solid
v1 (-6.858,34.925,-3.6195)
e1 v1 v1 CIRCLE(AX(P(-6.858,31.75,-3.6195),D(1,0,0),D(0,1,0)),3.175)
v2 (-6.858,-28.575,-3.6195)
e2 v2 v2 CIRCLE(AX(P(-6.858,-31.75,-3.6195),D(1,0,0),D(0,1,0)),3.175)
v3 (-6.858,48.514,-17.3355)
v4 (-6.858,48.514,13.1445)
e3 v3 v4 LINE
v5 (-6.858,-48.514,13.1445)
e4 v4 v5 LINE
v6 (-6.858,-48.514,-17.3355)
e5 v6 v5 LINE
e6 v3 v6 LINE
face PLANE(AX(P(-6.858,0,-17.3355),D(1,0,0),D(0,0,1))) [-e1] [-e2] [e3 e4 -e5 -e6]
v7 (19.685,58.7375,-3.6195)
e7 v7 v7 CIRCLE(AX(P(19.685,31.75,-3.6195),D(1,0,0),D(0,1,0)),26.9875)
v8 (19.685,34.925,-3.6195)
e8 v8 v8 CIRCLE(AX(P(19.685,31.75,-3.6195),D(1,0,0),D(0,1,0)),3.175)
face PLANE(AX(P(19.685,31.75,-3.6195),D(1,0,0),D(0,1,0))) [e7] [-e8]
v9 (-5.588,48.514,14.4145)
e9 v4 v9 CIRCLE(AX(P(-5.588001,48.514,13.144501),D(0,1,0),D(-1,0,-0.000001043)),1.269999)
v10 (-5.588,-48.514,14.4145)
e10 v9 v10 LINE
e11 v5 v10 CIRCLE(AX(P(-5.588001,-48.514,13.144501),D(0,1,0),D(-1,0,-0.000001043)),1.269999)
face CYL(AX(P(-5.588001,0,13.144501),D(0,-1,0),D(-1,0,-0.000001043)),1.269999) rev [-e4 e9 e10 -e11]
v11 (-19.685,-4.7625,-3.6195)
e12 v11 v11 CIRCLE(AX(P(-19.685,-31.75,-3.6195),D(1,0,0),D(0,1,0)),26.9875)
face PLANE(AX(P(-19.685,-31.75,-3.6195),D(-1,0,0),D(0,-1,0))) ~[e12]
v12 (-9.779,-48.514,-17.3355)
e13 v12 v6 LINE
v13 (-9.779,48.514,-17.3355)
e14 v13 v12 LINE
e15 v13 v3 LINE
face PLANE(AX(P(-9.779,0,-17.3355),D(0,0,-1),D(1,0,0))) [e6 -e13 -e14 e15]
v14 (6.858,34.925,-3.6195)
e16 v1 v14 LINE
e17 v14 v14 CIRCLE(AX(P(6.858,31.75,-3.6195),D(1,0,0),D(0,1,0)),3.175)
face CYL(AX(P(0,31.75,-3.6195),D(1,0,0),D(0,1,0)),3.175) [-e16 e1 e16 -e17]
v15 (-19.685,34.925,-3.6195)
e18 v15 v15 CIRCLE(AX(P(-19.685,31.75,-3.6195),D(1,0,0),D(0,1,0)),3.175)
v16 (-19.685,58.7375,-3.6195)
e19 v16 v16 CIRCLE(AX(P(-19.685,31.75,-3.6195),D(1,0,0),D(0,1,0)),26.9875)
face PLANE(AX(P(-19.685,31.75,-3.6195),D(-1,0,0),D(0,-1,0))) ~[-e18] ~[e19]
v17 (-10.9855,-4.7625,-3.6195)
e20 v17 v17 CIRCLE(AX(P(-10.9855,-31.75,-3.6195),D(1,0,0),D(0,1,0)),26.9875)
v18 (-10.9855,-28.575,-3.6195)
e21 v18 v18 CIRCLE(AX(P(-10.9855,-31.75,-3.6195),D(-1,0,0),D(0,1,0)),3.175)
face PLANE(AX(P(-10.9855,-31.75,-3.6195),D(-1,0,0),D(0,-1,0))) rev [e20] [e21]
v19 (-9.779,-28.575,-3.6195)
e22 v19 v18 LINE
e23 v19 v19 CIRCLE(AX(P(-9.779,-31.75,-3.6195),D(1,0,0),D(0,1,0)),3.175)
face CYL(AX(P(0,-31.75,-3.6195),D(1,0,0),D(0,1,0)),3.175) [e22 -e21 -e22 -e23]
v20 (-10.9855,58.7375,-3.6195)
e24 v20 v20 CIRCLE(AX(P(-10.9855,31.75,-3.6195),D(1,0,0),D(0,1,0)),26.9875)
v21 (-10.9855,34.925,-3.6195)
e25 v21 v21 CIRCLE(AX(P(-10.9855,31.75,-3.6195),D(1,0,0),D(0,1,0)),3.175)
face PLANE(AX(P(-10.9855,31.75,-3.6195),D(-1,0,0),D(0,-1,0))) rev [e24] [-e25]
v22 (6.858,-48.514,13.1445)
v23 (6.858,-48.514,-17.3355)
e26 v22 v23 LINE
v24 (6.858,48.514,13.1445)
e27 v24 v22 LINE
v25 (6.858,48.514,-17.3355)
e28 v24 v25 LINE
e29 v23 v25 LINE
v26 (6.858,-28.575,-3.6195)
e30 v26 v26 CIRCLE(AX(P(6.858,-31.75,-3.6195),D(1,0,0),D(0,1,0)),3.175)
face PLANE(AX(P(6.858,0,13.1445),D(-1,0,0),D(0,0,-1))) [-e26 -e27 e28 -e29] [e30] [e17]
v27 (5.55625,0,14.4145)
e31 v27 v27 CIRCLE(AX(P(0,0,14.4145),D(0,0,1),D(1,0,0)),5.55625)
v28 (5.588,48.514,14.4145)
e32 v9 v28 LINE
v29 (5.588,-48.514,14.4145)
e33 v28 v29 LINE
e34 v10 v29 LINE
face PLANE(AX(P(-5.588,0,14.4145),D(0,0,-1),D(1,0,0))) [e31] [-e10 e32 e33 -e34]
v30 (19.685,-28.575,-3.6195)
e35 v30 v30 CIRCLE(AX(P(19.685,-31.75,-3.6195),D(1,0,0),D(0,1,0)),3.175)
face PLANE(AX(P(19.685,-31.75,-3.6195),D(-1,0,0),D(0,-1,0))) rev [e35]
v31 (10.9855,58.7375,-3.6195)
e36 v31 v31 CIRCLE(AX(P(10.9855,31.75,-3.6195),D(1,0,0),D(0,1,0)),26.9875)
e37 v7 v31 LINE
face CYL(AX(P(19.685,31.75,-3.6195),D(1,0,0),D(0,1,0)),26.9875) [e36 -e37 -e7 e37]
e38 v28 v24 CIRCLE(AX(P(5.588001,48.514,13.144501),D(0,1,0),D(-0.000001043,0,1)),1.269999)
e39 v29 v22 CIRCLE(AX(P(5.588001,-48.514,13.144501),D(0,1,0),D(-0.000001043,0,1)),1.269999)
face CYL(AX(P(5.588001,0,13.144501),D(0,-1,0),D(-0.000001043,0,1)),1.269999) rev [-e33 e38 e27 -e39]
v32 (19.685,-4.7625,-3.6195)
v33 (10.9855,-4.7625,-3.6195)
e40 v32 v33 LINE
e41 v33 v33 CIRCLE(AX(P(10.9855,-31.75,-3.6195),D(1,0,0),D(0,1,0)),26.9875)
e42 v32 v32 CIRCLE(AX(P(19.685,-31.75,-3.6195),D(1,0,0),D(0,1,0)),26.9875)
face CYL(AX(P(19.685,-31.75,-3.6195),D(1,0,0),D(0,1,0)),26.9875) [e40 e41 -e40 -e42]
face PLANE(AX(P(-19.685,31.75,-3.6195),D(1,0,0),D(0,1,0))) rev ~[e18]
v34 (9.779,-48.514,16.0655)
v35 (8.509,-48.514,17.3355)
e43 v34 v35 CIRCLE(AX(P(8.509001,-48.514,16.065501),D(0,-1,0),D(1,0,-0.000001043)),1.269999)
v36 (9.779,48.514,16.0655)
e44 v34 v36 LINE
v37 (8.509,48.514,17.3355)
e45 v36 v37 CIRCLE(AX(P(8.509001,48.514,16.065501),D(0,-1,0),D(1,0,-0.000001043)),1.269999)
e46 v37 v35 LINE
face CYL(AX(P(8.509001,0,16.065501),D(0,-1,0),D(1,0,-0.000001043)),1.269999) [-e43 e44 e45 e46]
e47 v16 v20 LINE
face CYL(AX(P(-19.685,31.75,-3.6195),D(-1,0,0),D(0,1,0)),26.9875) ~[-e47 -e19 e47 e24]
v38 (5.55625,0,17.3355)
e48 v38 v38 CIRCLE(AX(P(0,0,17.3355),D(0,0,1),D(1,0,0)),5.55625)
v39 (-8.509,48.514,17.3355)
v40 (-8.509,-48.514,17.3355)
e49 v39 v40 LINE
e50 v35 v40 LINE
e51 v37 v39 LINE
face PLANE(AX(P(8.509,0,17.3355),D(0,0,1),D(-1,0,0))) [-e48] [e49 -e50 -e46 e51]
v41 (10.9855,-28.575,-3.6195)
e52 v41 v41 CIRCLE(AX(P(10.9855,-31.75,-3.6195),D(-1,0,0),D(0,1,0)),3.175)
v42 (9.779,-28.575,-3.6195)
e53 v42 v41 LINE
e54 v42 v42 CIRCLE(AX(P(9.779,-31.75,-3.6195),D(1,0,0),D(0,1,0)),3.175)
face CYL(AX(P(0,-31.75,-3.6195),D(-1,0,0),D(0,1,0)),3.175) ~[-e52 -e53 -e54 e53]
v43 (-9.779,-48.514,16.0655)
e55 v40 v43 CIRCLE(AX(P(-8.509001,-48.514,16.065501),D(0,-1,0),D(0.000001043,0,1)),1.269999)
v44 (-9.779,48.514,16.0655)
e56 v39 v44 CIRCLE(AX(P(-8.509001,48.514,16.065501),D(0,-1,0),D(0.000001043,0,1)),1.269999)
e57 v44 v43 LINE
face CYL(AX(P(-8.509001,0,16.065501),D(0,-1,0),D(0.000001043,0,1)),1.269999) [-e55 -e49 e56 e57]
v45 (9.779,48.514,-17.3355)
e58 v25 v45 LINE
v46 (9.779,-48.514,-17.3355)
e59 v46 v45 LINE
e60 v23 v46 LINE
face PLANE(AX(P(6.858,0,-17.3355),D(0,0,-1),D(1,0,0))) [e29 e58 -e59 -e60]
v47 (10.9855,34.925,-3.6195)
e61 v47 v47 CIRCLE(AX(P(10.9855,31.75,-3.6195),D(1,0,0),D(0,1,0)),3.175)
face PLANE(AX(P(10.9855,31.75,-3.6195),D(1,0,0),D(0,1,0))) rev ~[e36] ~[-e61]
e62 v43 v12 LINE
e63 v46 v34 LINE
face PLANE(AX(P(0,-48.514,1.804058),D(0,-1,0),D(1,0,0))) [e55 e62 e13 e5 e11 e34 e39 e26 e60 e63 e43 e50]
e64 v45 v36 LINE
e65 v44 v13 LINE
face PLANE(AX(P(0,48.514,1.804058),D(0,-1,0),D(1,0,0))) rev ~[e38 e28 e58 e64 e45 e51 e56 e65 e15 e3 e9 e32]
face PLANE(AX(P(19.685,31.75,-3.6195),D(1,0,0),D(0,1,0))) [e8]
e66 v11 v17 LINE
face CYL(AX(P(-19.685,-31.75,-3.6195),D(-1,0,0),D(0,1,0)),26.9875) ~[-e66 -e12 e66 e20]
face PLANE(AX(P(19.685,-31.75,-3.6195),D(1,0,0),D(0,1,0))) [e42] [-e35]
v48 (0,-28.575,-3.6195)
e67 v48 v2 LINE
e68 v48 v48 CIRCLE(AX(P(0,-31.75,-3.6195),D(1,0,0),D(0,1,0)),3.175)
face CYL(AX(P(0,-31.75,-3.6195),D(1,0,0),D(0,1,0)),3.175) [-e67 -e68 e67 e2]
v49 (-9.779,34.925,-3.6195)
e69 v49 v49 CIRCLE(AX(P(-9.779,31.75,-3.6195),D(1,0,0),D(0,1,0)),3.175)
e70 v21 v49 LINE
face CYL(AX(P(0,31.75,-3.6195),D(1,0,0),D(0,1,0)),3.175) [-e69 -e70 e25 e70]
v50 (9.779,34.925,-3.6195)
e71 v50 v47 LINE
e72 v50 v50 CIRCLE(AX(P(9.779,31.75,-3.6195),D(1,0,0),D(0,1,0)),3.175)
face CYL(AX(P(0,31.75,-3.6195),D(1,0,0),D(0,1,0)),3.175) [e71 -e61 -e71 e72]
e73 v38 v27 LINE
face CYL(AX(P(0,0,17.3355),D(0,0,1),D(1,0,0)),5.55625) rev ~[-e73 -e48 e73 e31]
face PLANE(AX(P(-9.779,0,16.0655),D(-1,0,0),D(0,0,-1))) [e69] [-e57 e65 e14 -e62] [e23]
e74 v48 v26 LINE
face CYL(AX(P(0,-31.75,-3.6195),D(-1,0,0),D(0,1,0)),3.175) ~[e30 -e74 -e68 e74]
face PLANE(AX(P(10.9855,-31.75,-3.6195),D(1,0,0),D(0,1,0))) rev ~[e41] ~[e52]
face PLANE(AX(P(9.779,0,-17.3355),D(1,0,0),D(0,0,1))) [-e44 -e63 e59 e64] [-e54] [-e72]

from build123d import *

# Parameters (mm, degrees)
F1_DEPTH  = 48.514
F2_R      = 3.175
F3_DEPTH  = 19.558
F4_R      = 3.175
F5_DEPTH  = 19.685
F6_R      = 26.9875
F7_DEPTH  = 8.6995
F9_R      = 5.55625
F10_DEPTH = 2.921


with BuildPart() as f1:
    # F0 (on Front) → F1 (new body, symmetric)
    with BuildSketch(Plane.XZ):
        with BuildLine():
            ThreePointArc((9.779, 16.0655), (9.407026, 16.963526), (8.509, 17.3355))
            Line((8.509, 17.3355), (-8.509, 17.3355))
            ThreePointArc((-8.509, 17.3355), (-9.407026, 16.963526), (-9.779, 16.0655))
            Line((-9.779, 16.0655), (-9.779, -17.3355))
            Line((-9.779, -17.3355), (-6.858, -17.3355))
            Line((-6.858, -17.3355), (-6.858, 13.1445))
            ThreePointArc((-6.858, 13.1445), (-6.486026, 14.042526), (-5.588, 14.4145))
            Line((-5.588, 14.4145), (5.588, 14.4145))
            ThreePointArc((5.588, 14.4145), (6.486026, 14.042526), (6.858, 13.1445))
            Line((6.858, 13.1445), (6.858, -17.3355))
            Line((6.858, -17.3355), (9.779, -17.3355))
            Line((9.779, -17.3355), (9.779, 16.0655))
        make_face()
    extrude(amount=F1_DEPTH, both=True)

    # F2 (on face) → F3 (cut, through all)
    with BuildSketch(Plane.YZ.offset(9.779)):
        with Locations((-31.75, -3.6195)):
            Circle(F2_R)
        with Locations((31.75, -3.6195)):
            Circle(F2_R)
    extrude(amount=-F3_DEPTH, mode=Mode.SUBTRACT)

    # F4 (on Right) → F5 (join, symmetric)
    with BuildSketch(Plane.YZ):
        with Locations((-31.75, -3.6195)):
            Circle(F4_R)
        with Locations((31.75, -3.6195)):
            Circle(F4_R)
    extrude(amount=F5_DEPTH, both=True)

    # F6 (on face) → F7 (join)
    with BuildSketch(Plane.YZ.offset(19.685)):
        with Locations((-31.75, -3.6195)):
            Circle(F6_R)
        with Locations((31.75, -3.6195)):
            Circle(F6_R)
    extrude(amount=-F7_DEPTH)

    # F8: F1 across plane


with BuildPart() as f1_1:
    add(f1.part)
    add(f1.part.mirror(Plane.YZ))

    # F9 (on face) → F10 (cut, through all)
    with BuildSketch(Plane.XY.offset(17.3355)):
        Circle(F9_R)
    extrude(amount=-F10_DEPTH, mode=Mode.SUBTRACT)


solid = f1_1.part
